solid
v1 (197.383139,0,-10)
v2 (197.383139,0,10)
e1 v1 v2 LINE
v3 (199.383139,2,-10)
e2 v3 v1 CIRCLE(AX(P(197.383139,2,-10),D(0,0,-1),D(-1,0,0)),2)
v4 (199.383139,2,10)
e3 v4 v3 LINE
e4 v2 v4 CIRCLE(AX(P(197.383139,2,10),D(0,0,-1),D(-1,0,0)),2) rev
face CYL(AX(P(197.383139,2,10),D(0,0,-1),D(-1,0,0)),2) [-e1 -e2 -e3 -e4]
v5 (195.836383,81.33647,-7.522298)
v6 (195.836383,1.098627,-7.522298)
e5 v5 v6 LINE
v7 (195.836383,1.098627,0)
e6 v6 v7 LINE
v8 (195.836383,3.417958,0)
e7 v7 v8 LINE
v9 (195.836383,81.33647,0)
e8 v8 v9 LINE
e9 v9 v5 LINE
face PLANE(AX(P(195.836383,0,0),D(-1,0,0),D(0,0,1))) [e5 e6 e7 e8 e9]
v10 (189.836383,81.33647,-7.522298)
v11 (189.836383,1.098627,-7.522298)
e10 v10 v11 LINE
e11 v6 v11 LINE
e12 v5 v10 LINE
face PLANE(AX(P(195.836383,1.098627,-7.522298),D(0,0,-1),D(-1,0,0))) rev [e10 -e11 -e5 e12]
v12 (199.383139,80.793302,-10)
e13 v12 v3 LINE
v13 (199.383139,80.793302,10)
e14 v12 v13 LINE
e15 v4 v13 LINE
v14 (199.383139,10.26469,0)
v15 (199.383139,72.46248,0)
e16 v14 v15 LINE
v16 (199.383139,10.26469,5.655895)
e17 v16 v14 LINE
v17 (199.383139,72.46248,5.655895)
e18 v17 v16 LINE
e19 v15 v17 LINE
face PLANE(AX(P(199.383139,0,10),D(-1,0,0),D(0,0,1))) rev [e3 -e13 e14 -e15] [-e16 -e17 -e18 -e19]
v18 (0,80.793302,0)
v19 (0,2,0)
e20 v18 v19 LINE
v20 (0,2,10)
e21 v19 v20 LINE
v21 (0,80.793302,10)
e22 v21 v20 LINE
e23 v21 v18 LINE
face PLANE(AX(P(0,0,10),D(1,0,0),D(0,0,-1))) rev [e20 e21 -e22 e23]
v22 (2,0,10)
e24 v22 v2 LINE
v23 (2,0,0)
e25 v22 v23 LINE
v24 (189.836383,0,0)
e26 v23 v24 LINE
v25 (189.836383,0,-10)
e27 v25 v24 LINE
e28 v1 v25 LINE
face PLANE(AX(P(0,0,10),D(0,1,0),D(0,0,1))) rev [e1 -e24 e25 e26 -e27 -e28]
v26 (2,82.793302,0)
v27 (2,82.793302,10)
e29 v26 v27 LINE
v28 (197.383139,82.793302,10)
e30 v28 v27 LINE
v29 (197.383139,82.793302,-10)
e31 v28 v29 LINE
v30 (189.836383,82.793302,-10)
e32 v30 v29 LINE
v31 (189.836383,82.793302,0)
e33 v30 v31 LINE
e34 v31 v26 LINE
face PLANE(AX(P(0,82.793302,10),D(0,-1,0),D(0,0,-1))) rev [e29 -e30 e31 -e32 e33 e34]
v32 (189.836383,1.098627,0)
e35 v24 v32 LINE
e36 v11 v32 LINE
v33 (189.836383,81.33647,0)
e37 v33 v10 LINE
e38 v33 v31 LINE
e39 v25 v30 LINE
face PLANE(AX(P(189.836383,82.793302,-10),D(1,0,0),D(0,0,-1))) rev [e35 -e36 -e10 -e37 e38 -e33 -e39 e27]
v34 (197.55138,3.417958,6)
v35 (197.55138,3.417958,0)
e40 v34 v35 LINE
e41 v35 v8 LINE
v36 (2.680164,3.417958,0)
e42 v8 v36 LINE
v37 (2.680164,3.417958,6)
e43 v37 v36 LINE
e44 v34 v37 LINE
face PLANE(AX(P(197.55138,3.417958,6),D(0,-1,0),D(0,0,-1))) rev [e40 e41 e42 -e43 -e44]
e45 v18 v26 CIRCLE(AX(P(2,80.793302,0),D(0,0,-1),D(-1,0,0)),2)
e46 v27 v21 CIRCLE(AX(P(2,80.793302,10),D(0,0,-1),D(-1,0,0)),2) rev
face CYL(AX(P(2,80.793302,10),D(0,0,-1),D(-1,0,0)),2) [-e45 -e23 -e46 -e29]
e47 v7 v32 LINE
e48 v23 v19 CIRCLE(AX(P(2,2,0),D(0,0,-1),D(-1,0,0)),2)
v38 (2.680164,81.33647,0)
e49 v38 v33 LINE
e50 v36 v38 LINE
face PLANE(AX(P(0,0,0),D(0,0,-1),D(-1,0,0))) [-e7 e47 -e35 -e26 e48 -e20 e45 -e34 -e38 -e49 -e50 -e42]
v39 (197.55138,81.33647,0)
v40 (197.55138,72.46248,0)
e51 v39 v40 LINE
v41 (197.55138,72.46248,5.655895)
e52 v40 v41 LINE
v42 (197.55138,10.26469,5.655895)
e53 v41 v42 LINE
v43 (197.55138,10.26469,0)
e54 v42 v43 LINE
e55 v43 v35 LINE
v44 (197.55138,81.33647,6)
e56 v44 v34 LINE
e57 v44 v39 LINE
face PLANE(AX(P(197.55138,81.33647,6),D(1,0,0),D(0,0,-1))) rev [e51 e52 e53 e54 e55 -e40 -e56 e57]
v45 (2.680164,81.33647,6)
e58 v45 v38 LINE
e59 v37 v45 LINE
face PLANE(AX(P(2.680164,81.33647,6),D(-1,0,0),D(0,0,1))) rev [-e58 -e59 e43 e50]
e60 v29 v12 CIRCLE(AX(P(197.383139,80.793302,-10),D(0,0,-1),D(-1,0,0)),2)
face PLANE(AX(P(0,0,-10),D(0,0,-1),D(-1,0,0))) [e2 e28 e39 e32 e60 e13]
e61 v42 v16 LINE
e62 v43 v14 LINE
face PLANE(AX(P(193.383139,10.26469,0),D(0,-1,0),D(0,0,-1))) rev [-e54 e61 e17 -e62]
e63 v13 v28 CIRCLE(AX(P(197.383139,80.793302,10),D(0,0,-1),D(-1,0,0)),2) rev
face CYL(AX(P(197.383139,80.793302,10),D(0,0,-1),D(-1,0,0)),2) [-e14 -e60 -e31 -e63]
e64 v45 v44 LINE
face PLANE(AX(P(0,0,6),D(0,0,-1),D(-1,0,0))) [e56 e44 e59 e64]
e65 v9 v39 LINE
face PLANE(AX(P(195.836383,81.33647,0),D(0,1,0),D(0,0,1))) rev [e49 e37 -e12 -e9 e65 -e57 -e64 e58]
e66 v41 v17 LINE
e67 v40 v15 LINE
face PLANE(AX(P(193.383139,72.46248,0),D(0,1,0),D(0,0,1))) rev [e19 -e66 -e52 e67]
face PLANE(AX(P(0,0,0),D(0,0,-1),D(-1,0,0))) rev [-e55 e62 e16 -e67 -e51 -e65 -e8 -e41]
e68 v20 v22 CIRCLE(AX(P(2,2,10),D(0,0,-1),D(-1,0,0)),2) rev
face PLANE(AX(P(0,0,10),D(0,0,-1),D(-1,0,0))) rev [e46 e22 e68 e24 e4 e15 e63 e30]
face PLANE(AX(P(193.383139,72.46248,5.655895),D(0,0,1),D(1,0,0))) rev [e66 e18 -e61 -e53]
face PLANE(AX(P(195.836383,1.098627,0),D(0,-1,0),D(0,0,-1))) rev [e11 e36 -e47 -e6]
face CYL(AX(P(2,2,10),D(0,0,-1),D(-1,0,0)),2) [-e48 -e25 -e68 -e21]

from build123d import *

# Parameters (mm, degrees)
ESQUISSE1_W             = 199.383138687
ESQUISSE1_H             = 82.793301959
BOSS_EXTRU_1_DEPTH      = 10
ESQUISSE2_W             = 9.546755773
ESQUISSE2_H             = 82.793301959
BOSS_EXTRU_3_DEPTH      = 10
ESQUISSE3_W             = 7.522297827
ESQUISSE3_H             = 80.237843489
ENL_V_MAT_EXTRU_1_DEPTH = 6
ESQUISSE4_W             = 194.871216777
ESQUISSE4_H             = 77.918512405
ENL_V_MAT_EXTRU_2_DEPTH = 6
ESQUISSE5_W             = 5.655894549
ESQUISSE5_H             = 62.197790312
ENL_V_MAT_EXTRU_3_DEPTH = 6
CONG_1_R                = 2
CONG_2_R                = 2
CONG_3_R                = 2
CONG_4_R                = 2


with BuildPart() as part:
    # Esquisse1 → Boss.-Extru.1 (new body)
    with BuildSketch(Plane.XY):
        with Locations((99.691569344, 41.39665098)):
            Rectangle(ESQUISSE1_W, ESQUISSE1_H)
    extrude(amount=BOSS_EXTRU_1_DEPTH)

    # Esquisse2 → Boss.-Extru.3 (add)
    with BuildSketch(Plane(origin=(0, 0, 0), x_dir=(-1, 0, 0), z_dir=(0, 0, -1))):
        with Locations((-194.6097608, 41.39665098)):
            Rectangle(ESQUISSE2_W, ESQUISSE2_H)
    extrude(amount=BOSS_EXTRU_3_DEPTH)

    # Esquisse3 → Enlèv. mat.-Extru.1 (cut)
    with BuildSketch(Plane.ZY.offset(-189.836382914)):
        with Locations((-3.761148914, 41.217548651)):
            Rectangle(ESQUISSE3_W, ESQUISSE3_H)
    extrude(amount=-ENL_V_MAT_EXTRU_1_DEPTH, mode=Mode.SUBTRACT)

    # Esquisse4 → Enlèv. mat.-Extru.2 (cut)
    with BuildSketch(Plane(origin=(0, 0, 0), x_dir=(-1, 0, 0), z_dir=(0, 0, -1))):
        with Locations((-100.115772064, 42.377214193)):
            Rectangle(ESQUISSE4_W, ESQUISSE4_H)
    extrude(amount=-ENL_V_MAT_EXTRU_2_DEPTH, mode=Mode.SUBTRACT)

    # Esquisse5 → Enlèv. mat.-Extru.3 (cut)
    with BuildSketch(Plane(origin=(199.383138687, 0, 0), x_dir=(0, 0, -1), z_dir=(1, 0, 0))):
        with Locations((-2.827947275, 41.363585287)):
            Rectangle(ESQUISSE5_W, ESQUISSE5_H)
    extrude(amount=-ENL_V_MAT_EXTRU_3_DEPTH, mode=Mode.SUBTRACT)

    # Congé1
    cong_1_edges = [part.edges().sort_by_distance(p)[0] for p in [
        (199.383138687, 0, 0),
    ]]
    fillet(cong_1_edges, radius=CONG_1_R)

    # Congé2
    cong_2_edges = [part.edges().sort_by_distance(p)[0] for p in [
        (199.383138687, 82.793301959, 0),
    ]]
    fillet(cong_2_edges, radius=CONG_2_R)

    # Congé3
    cong_3_edges = [part.edges().sort_by_distance(p)[0] for p in [
        (0, 82.793301959, 5),
    ]]
    fillet(cong_3_edges, radius=CONG_3_R)

    # Congé4
    cong_4_edges = [part.edges().sort_by_distance(p)[0] for p in [
        (0, 0, 5),
    ]]
    fillet(cong_4_edges, radius=CONG_4_R)


solid = part.part
